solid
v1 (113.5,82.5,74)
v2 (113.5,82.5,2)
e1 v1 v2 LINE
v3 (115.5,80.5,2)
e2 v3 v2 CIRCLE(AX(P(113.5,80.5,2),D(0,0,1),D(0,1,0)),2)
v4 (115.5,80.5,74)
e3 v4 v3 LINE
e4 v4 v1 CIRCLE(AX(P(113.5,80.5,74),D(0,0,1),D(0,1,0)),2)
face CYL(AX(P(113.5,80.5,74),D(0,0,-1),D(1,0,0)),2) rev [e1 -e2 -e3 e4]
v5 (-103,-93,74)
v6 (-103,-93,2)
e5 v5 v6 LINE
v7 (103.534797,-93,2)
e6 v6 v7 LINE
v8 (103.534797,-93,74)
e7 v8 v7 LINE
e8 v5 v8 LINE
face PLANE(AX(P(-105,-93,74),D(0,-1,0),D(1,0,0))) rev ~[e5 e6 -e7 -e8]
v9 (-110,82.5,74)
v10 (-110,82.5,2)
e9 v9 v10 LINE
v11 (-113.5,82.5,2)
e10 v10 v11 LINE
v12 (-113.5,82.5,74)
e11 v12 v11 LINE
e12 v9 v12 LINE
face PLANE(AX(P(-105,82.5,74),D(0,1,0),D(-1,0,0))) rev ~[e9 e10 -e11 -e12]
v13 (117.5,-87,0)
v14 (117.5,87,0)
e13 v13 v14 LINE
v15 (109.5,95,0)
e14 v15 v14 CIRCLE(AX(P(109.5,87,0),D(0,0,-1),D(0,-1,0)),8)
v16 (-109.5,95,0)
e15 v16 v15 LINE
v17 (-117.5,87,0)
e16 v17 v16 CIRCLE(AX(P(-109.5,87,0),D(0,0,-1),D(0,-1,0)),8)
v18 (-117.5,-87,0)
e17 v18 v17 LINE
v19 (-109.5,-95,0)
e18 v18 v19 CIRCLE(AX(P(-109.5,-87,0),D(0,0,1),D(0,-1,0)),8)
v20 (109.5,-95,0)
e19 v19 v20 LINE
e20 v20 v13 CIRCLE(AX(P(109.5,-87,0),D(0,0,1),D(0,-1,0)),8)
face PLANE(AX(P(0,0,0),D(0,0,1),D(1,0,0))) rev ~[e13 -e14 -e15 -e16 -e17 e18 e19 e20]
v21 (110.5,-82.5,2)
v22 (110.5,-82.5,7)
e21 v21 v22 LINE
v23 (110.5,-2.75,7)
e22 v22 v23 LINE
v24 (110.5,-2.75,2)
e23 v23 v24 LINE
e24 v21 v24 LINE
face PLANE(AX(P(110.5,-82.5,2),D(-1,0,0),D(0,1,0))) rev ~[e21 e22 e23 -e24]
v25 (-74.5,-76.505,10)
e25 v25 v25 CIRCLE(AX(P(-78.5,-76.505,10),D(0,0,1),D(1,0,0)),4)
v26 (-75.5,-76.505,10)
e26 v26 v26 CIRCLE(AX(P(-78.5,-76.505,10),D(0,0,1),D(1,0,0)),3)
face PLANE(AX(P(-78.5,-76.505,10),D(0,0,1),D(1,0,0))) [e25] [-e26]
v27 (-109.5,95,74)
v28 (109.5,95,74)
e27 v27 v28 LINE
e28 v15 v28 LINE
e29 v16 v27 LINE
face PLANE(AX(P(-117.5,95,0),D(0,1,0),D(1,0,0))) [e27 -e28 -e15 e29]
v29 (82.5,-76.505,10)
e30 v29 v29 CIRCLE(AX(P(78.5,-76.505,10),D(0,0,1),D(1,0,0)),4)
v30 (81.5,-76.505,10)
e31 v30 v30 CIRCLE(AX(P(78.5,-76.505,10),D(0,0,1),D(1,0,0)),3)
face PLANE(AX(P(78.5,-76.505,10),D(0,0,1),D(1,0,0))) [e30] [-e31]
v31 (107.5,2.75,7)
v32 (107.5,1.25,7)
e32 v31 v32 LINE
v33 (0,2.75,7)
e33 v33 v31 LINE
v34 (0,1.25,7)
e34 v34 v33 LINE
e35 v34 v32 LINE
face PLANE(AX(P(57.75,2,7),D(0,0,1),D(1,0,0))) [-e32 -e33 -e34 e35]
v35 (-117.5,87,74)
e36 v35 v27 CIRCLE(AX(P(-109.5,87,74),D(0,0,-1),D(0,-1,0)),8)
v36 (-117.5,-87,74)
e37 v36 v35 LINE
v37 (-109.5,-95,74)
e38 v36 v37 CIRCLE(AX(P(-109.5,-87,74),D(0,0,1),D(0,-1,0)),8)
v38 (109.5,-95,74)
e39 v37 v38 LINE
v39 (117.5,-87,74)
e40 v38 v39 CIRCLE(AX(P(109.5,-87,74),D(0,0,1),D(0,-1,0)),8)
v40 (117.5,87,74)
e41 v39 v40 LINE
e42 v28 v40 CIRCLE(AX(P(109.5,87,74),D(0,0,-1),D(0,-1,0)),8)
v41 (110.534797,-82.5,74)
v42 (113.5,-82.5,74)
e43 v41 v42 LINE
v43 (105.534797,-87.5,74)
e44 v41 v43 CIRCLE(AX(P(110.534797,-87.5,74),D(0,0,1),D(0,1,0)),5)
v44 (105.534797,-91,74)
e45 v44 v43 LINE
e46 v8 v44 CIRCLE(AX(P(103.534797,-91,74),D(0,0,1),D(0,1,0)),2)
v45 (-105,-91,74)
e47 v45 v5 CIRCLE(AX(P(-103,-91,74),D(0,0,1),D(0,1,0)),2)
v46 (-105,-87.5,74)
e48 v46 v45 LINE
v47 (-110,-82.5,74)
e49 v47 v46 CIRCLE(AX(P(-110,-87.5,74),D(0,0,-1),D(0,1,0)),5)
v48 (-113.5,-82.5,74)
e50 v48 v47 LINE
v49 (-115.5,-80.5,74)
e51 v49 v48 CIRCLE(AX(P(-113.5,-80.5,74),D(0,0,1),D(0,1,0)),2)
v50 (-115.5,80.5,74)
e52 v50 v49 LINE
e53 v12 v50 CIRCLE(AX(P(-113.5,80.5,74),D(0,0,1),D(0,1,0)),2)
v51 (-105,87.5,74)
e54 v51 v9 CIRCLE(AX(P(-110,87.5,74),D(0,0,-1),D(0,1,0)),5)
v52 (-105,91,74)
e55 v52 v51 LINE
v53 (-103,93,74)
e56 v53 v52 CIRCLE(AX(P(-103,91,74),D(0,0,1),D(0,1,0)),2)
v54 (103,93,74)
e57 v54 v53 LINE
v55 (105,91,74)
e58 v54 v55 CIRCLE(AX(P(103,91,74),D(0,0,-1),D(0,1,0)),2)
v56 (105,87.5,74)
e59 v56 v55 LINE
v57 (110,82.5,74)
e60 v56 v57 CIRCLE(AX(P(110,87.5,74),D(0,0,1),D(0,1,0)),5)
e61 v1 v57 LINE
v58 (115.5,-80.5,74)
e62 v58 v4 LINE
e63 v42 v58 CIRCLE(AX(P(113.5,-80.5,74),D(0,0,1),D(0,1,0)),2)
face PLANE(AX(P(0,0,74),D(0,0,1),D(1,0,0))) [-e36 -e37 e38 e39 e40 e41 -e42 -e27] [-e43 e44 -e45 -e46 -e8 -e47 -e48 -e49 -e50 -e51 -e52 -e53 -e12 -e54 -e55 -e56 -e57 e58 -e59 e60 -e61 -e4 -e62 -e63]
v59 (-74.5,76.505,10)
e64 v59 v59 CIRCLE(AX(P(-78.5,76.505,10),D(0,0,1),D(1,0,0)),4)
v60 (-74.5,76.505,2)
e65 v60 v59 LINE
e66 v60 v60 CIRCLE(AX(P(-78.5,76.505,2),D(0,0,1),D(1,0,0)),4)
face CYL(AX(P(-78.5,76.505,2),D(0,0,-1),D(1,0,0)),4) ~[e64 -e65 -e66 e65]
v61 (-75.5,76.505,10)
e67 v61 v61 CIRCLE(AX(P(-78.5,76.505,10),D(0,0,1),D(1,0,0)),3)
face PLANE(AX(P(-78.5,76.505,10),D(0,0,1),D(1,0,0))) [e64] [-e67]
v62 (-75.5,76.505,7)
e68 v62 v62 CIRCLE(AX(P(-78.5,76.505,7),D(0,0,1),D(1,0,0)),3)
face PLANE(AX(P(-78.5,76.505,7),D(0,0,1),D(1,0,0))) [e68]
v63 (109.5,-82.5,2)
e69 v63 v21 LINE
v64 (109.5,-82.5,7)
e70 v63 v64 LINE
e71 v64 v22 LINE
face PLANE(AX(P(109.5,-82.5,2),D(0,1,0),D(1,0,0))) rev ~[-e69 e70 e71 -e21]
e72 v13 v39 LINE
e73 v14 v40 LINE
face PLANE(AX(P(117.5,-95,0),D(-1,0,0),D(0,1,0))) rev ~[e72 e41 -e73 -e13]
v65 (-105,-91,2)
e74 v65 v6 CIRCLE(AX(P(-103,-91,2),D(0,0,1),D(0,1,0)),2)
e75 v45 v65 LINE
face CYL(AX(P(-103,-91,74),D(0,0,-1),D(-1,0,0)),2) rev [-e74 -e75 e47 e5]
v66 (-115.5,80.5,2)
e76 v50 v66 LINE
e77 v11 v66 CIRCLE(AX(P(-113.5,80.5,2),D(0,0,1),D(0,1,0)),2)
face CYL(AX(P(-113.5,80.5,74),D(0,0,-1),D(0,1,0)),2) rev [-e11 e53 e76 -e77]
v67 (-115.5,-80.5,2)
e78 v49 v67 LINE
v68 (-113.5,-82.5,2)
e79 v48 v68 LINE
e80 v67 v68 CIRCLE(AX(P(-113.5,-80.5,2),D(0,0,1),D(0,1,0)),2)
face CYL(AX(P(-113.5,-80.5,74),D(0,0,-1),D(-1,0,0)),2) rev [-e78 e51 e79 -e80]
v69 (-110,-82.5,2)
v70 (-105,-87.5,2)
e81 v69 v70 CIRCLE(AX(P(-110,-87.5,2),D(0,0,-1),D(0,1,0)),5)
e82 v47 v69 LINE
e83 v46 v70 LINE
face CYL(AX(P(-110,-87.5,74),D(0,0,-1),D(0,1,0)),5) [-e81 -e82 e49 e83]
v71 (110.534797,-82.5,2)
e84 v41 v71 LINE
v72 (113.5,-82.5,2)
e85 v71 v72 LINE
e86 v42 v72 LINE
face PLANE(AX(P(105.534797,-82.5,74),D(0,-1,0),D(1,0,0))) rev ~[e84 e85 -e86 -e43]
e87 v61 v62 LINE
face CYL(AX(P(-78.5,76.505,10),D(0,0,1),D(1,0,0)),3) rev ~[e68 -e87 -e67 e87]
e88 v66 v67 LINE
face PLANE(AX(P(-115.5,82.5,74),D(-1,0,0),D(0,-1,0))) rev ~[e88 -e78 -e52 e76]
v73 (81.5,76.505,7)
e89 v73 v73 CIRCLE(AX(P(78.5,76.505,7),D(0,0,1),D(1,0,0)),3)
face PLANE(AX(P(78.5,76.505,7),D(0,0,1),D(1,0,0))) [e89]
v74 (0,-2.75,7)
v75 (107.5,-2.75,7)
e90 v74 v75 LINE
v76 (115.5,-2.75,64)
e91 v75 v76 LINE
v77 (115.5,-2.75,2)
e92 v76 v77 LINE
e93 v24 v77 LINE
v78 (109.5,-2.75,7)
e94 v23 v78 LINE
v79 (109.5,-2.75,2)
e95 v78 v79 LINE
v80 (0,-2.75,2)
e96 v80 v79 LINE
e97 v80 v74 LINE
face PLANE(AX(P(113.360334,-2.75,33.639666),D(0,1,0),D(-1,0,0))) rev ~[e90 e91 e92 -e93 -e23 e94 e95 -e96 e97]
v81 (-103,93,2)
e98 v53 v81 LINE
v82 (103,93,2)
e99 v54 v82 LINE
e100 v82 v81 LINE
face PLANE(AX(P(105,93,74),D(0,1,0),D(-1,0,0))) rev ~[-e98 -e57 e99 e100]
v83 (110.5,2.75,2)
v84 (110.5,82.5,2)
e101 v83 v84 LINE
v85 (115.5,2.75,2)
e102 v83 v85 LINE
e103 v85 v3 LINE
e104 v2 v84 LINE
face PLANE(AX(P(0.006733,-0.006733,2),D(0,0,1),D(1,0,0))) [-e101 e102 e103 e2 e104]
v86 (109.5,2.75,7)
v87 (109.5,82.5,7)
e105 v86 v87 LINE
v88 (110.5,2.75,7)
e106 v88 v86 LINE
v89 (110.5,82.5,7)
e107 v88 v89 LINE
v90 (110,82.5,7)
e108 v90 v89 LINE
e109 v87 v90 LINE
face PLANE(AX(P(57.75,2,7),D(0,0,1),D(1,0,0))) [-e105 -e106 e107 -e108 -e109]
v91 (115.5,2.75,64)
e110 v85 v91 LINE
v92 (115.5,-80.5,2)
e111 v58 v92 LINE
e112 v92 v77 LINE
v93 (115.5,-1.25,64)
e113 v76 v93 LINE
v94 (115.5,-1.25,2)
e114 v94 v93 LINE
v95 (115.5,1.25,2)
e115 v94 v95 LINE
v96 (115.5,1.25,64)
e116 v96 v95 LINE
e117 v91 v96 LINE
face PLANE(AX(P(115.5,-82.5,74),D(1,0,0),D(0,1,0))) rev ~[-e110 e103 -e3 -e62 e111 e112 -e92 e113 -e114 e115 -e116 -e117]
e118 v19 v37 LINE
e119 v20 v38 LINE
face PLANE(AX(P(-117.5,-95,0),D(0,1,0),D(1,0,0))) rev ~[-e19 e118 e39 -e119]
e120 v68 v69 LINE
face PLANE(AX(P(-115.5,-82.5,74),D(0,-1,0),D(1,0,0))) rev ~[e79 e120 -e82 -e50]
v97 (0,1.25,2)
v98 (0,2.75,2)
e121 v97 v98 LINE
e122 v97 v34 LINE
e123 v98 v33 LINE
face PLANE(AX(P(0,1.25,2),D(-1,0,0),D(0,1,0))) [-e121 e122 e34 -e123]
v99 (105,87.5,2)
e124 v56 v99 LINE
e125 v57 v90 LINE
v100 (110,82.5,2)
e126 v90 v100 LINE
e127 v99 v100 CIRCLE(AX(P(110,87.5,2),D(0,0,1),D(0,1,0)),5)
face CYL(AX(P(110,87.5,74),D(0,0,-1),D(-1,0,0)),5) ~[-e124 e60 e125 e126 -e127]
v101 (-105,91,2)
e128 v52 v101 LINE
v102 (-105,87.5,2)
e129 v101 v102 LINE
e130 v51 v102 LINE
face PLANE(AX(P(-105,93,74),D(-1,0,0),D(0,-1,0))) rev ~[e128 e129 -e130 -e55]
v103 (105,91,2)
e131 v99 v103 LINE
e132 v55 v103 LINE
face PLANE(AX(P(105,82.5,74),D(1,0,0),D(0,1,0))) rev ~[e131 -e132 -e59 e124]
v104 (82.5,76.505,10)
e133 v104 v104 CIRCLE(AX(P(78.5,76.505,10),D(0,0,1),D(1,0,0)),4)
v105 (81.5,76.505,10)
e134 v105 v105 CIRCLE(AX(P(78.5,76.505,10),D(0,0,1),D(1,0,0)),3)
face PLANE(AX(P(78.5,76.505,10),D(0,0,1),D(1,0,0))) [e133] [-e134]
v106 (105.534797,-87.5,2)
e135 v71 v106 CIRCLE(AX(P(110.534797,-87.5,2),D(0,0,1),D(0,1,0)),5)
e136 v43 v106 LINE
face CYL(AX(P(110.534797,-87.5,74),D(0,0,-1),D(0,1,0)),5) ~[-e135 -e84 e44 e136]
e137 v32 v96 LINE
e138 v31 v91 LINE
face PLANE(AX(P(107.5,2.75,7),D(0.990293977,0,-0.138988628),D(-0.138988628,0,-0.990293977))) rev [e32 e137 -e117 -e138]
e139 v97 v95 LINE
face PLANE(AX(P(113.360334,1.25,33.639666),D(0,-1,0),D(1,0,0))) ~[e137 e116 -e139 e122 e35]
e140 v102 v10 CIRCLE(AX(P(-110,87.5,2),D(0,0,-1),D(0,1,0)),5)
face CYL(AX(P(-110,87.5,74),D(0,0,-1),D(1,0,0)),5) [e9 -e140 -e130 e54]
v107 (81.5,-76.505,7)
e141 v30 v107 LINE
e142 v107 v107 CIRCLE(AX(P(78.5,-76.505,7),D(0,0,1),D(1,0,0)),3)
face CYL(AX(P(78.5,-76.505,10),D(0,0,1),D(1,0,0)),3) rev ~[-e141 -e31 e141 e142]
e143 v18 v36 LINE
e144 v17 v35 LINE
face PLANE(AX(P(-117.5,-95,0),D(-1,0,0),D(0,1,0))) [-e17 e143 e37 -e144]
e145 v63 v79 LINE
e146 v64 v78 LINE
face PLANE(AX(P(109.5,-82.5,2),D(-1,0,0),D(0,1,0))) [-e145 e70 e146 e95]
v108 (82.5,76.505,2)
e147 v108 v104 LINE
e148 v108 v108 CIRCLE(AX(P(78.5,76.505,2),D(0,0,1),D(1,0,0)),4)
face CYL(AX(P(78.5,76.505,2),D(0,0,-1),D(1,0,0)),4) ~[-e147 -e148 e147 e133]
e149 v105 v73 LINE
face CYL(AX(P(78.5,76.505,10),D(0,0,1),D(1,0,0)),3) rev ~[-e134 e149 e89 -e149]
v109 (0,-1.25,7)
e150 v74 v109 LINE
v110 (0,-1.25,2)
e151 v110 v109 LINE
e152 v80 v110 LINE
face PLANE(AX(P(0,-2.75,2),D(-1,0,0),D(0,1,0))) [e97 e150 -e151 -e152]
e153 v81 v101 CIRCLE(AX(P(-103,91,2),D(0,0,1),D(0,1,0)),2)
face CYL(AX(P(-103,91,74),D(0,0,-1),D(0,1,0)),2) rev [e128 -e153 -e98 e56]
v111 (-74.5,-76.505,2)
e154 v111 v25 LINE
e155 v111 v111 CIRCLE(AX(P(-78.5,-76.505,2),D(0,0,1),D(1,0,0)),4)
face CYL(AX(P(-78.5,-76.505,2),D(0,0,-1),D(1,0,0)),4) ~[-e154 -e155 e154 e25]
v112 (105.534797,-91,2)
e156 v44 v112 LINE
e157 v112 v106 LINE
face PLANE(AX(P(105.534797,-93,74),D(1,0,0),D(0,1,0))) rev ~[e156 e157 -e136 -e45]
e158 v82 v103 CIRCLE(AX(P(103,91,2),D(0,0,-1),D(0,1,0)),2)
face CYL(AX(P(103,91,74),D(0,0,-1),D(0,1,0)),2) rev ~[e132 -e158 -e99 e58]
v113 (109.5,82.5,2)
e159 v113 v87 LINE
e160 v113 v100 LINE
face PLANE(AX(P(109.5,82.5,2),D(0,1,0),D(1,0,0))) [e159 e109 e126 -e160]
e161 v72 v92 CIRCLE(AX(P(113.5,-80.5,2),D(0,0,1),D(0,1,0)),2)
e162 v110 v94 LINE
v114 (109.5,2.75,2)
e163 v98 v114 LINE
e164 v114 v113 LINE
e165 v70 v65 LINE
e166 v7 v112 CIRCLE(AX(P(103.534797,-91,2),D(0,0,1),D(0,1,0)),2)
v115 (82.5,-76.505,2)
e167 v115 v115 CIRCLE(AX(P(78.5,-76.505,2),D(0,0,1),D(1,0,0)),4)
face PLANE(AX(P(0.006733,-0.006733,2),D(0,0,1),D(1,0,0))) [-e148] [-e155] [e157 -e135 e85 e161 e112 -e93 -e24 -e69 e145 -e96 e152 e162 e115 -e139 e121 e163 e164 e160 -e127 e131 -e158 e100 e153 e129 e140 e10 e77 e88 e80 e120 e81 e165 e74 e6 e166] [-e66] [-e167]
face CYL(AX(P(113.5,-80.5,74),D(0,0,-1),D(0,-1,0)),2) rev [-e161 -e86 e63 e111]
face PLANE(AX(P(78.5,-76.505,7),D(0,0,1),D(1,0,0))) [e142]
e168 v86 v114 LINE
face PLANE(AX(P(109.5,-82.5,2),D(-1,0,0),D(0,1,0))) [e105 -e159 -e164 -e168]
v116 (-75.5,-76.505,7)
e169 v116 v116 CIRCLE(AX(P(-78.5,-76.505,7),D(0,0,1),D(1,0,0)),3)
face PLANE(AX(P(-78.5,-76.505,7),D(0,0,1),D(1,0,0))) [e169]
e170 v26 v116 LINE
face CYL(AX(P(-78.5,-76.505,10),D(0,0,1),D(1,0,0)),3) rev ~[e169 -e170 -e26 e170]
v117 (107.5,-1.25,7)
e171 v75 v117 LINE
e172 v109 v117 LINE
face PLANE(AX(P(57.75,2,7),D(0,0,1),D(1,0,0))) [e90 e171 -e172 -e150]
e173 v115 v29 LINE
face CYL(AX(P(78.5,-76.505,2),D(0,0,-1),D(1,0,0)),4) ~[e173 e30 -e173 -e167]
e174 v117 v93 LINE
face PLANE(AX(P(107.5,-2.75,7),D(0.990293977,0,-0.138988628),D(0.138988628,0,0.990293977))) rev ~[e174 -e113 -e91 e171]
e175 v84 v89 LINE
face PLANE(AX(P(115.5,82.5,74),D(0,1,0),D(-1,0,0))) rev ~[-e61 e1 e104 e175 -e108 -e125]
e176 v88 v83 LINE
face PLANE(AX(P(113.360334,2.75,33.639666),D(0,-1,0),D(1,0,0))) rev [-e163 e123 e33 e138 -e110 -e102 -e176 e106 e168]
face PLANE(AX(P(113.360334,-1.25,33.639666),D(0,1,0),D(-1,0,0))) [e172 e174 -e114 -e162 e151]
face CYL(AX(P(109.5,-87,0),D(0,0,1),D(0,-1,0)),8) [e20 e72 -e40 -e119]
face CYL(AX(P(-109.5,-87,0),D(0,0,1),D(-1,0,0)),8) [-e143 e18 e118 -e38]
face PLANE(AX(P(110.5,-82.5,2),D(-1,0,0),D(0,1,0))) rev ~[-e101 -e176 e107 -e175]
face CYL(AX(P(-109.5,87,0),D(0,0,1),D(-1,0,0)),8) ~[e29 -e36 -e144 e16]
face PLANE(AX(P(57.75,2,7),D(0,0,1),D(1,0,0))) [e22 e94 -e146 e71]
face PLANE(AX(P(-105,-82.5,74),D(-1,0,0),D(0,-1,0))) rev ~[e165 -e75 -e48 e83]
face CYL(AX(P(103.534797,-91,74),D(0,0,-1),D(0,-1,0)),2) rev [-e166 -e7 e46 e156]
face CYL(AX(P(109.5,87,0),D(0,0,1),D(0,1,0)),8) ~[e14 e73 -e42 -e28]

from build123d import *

# Parameters (mm, degrees)
SKETCH1_W           = 235
SKETCH1_H           = 190
BOSS_EXTRUDE1_DEPTH = 74
CUT_EXTRUDE1_DEPTH  = 72
FILLET1_R           = 2
FILLET2_R           = 5
SKETCH3_R           = 4
BOSS_EXTRUDE2_DEPTH = 8
FILLET3_R           = 8
SKETCH4_R           = 3
CUT_EXTRUDE2_DEPTH  = 3
SKETCH5_W           = 1
SKETCH5_H           = 165
BOSS_EXTRUDE3_DEPTH = 5
SKETCH6_W           = 115.5
SKETCH6_H           = 1.5
BOSS_EXTRUDE4_DEPTH = 5
BOSS_EXTRUDE5_DEPTH = 1.5
SKETCH8_W           = 5
SKETCH8_H           = 2.5
CUT_EXTRUDE3_DEPTH  = 5


with BuildPart() as part:
    # Sketch1 → Boss-Extrude1 (new body)
    with BuildSketch(Plane.XY):
        Rectangle(SKETCH1_W, SKETCH1_H)
    extrude(amount=BOSS_EXTRUDE1_DEPTH)

    # Sketch2 → Cut-Extrude1 (cut)
    with BuildSketch(Plane.XY.offset(74)):
        Polygon((105, 93), (-105, 93), (-105, 82.5), (-115.5, 82.5), (-115.5, -82.5), (-105, -82.5), (-105, -93), (105.534797486, -93), (105.534797486, -82.5), (115.5, -82.5), (115.5, 82.5), (105, 82.5), align=None)
    extrude(amount=-CUT_EXTRUDE1_DEPTH, mode=Mode.SUBTRACT)

    # Fillet1
    fillet1_edges = [part.edges().sort_by_distance(p)[0] for p in [
        (-105, -93, 38),
        (-115.5, -82.5, 38),
        (-115.5, 82.5, 38),
        (-105, 93, 38),
        (105, 93, 38),
        (115.5, 82.5, 38),
        (115.5, -82.5, 38),
        (105.534797486, -93, 38),
    ]]
    fillet(fillet1_edges, radius=FILLET1_R)

    # Fillet2
    fillet2_edges = [part.edges().sort_by_distance(p)[0] for p in [
        (-105, -82.5, 38),
        (-105, 82.5, 38),
        (105, 82.5, 38),
        (105.534797486, -82.5, 38),
    ]]
    fillet(fillet2_edges, radius=FILLET2_R)

    # Sketch3 → Boss-Extrude2 (add)
    with BuildSketch(Plane.XY.offset(2)):
        with Locations((-78.5, 76.505)):
            Circle(SKETCH3_R)
        with Locations((78.5, 76.505)):
            Circle(SKETCH3_R)
        with Locations((78.5, -76.505)):
            Circle(SKETCH3_R)
        with Locations((-78.5, -76.505)):
            Circle(SKETCH3_R)
    extrude(amount=BOSS_EXTRUDE2_DEPTH)

    # Fillet3
    fillet3_edges = [part.edges().sort_by_distance(p)[0] for p in [
        (117.5, -95, 37),
        (-117.5, -95, 37),
        (-117.5, 95, 37),
        (117.5, 95, 37),
    ]]
    fillet(fillet3_edges, radius=FILLET3_R)

    # Sketch4 → Cut-Extrude2 (cut)
    with BuildSketch(Plane.XY.offset(10)):
        with Locations((78.5, 76.505)):
            Circle(SKETCH4_R)
        with Locations((78.5, -76.505)):
            Circle(SKETCH4_R)
        with Locations((-78.5, -76.505)):
            Circle(SKETCH4_R)
        with Locations((-78.5, 76.505)):
            Circle(SKETCH4_R)
    extrude(amount=-CUT_EXTRUDE2_DEPTH, mode=Mode.SUBTRACT)

    # Sketch5 → Boss-Extrude3 (add)
    with BuildSketch(Plane.XY.offset(2)):
        with Locations((110, 0)):
            Rectangle(SKETCH5_W, SKETCH5_H)
    extrude(amount=BOSS_EXTRUDE3_DEPTH)

    # Sketch6 → Boss-Extrude4 (add)
    with BuildSketch(Plane.XY.offset(2)):
        with Locations((57.75, 2)):
            Rectangle(SKETCH6_W, SKETCH6_H)
        with Locations((57.75, -2)):
            Rectangle(SKETCH6_W, SKETCH6_H)
    extrude(amount=BOSS_EXTRUDE4_DEPTH)

    # Sketch7 → Boss-Extrude5 (add)
    with BuildSketch(Plane.XZ.offset(2.75)):
        Polygon((107.5, 7), (115.5, 64), (115.5, 7), align=None)
    boss_extrude5 = extrude(amount=-BOSS_EXTRUDE5_DEPTH)

    # Mirror1: Boss-Extrude5 across plane
    add(boss_extrude5.mirror(Plane.ZX))

    # Sketch8 → Cut-Extrude3 (cut)
    with BuildSketch(Plane.ZY.offset(-109.5)):
        with Locations((4.5, 0)):
            Rectangle(SKETCH8_W, SKETCH8_H)
    extrude(amount=-CUT_EXTRUDE3_DEPTH, mode=Mode.SUBTRACT)


solid = part.part
